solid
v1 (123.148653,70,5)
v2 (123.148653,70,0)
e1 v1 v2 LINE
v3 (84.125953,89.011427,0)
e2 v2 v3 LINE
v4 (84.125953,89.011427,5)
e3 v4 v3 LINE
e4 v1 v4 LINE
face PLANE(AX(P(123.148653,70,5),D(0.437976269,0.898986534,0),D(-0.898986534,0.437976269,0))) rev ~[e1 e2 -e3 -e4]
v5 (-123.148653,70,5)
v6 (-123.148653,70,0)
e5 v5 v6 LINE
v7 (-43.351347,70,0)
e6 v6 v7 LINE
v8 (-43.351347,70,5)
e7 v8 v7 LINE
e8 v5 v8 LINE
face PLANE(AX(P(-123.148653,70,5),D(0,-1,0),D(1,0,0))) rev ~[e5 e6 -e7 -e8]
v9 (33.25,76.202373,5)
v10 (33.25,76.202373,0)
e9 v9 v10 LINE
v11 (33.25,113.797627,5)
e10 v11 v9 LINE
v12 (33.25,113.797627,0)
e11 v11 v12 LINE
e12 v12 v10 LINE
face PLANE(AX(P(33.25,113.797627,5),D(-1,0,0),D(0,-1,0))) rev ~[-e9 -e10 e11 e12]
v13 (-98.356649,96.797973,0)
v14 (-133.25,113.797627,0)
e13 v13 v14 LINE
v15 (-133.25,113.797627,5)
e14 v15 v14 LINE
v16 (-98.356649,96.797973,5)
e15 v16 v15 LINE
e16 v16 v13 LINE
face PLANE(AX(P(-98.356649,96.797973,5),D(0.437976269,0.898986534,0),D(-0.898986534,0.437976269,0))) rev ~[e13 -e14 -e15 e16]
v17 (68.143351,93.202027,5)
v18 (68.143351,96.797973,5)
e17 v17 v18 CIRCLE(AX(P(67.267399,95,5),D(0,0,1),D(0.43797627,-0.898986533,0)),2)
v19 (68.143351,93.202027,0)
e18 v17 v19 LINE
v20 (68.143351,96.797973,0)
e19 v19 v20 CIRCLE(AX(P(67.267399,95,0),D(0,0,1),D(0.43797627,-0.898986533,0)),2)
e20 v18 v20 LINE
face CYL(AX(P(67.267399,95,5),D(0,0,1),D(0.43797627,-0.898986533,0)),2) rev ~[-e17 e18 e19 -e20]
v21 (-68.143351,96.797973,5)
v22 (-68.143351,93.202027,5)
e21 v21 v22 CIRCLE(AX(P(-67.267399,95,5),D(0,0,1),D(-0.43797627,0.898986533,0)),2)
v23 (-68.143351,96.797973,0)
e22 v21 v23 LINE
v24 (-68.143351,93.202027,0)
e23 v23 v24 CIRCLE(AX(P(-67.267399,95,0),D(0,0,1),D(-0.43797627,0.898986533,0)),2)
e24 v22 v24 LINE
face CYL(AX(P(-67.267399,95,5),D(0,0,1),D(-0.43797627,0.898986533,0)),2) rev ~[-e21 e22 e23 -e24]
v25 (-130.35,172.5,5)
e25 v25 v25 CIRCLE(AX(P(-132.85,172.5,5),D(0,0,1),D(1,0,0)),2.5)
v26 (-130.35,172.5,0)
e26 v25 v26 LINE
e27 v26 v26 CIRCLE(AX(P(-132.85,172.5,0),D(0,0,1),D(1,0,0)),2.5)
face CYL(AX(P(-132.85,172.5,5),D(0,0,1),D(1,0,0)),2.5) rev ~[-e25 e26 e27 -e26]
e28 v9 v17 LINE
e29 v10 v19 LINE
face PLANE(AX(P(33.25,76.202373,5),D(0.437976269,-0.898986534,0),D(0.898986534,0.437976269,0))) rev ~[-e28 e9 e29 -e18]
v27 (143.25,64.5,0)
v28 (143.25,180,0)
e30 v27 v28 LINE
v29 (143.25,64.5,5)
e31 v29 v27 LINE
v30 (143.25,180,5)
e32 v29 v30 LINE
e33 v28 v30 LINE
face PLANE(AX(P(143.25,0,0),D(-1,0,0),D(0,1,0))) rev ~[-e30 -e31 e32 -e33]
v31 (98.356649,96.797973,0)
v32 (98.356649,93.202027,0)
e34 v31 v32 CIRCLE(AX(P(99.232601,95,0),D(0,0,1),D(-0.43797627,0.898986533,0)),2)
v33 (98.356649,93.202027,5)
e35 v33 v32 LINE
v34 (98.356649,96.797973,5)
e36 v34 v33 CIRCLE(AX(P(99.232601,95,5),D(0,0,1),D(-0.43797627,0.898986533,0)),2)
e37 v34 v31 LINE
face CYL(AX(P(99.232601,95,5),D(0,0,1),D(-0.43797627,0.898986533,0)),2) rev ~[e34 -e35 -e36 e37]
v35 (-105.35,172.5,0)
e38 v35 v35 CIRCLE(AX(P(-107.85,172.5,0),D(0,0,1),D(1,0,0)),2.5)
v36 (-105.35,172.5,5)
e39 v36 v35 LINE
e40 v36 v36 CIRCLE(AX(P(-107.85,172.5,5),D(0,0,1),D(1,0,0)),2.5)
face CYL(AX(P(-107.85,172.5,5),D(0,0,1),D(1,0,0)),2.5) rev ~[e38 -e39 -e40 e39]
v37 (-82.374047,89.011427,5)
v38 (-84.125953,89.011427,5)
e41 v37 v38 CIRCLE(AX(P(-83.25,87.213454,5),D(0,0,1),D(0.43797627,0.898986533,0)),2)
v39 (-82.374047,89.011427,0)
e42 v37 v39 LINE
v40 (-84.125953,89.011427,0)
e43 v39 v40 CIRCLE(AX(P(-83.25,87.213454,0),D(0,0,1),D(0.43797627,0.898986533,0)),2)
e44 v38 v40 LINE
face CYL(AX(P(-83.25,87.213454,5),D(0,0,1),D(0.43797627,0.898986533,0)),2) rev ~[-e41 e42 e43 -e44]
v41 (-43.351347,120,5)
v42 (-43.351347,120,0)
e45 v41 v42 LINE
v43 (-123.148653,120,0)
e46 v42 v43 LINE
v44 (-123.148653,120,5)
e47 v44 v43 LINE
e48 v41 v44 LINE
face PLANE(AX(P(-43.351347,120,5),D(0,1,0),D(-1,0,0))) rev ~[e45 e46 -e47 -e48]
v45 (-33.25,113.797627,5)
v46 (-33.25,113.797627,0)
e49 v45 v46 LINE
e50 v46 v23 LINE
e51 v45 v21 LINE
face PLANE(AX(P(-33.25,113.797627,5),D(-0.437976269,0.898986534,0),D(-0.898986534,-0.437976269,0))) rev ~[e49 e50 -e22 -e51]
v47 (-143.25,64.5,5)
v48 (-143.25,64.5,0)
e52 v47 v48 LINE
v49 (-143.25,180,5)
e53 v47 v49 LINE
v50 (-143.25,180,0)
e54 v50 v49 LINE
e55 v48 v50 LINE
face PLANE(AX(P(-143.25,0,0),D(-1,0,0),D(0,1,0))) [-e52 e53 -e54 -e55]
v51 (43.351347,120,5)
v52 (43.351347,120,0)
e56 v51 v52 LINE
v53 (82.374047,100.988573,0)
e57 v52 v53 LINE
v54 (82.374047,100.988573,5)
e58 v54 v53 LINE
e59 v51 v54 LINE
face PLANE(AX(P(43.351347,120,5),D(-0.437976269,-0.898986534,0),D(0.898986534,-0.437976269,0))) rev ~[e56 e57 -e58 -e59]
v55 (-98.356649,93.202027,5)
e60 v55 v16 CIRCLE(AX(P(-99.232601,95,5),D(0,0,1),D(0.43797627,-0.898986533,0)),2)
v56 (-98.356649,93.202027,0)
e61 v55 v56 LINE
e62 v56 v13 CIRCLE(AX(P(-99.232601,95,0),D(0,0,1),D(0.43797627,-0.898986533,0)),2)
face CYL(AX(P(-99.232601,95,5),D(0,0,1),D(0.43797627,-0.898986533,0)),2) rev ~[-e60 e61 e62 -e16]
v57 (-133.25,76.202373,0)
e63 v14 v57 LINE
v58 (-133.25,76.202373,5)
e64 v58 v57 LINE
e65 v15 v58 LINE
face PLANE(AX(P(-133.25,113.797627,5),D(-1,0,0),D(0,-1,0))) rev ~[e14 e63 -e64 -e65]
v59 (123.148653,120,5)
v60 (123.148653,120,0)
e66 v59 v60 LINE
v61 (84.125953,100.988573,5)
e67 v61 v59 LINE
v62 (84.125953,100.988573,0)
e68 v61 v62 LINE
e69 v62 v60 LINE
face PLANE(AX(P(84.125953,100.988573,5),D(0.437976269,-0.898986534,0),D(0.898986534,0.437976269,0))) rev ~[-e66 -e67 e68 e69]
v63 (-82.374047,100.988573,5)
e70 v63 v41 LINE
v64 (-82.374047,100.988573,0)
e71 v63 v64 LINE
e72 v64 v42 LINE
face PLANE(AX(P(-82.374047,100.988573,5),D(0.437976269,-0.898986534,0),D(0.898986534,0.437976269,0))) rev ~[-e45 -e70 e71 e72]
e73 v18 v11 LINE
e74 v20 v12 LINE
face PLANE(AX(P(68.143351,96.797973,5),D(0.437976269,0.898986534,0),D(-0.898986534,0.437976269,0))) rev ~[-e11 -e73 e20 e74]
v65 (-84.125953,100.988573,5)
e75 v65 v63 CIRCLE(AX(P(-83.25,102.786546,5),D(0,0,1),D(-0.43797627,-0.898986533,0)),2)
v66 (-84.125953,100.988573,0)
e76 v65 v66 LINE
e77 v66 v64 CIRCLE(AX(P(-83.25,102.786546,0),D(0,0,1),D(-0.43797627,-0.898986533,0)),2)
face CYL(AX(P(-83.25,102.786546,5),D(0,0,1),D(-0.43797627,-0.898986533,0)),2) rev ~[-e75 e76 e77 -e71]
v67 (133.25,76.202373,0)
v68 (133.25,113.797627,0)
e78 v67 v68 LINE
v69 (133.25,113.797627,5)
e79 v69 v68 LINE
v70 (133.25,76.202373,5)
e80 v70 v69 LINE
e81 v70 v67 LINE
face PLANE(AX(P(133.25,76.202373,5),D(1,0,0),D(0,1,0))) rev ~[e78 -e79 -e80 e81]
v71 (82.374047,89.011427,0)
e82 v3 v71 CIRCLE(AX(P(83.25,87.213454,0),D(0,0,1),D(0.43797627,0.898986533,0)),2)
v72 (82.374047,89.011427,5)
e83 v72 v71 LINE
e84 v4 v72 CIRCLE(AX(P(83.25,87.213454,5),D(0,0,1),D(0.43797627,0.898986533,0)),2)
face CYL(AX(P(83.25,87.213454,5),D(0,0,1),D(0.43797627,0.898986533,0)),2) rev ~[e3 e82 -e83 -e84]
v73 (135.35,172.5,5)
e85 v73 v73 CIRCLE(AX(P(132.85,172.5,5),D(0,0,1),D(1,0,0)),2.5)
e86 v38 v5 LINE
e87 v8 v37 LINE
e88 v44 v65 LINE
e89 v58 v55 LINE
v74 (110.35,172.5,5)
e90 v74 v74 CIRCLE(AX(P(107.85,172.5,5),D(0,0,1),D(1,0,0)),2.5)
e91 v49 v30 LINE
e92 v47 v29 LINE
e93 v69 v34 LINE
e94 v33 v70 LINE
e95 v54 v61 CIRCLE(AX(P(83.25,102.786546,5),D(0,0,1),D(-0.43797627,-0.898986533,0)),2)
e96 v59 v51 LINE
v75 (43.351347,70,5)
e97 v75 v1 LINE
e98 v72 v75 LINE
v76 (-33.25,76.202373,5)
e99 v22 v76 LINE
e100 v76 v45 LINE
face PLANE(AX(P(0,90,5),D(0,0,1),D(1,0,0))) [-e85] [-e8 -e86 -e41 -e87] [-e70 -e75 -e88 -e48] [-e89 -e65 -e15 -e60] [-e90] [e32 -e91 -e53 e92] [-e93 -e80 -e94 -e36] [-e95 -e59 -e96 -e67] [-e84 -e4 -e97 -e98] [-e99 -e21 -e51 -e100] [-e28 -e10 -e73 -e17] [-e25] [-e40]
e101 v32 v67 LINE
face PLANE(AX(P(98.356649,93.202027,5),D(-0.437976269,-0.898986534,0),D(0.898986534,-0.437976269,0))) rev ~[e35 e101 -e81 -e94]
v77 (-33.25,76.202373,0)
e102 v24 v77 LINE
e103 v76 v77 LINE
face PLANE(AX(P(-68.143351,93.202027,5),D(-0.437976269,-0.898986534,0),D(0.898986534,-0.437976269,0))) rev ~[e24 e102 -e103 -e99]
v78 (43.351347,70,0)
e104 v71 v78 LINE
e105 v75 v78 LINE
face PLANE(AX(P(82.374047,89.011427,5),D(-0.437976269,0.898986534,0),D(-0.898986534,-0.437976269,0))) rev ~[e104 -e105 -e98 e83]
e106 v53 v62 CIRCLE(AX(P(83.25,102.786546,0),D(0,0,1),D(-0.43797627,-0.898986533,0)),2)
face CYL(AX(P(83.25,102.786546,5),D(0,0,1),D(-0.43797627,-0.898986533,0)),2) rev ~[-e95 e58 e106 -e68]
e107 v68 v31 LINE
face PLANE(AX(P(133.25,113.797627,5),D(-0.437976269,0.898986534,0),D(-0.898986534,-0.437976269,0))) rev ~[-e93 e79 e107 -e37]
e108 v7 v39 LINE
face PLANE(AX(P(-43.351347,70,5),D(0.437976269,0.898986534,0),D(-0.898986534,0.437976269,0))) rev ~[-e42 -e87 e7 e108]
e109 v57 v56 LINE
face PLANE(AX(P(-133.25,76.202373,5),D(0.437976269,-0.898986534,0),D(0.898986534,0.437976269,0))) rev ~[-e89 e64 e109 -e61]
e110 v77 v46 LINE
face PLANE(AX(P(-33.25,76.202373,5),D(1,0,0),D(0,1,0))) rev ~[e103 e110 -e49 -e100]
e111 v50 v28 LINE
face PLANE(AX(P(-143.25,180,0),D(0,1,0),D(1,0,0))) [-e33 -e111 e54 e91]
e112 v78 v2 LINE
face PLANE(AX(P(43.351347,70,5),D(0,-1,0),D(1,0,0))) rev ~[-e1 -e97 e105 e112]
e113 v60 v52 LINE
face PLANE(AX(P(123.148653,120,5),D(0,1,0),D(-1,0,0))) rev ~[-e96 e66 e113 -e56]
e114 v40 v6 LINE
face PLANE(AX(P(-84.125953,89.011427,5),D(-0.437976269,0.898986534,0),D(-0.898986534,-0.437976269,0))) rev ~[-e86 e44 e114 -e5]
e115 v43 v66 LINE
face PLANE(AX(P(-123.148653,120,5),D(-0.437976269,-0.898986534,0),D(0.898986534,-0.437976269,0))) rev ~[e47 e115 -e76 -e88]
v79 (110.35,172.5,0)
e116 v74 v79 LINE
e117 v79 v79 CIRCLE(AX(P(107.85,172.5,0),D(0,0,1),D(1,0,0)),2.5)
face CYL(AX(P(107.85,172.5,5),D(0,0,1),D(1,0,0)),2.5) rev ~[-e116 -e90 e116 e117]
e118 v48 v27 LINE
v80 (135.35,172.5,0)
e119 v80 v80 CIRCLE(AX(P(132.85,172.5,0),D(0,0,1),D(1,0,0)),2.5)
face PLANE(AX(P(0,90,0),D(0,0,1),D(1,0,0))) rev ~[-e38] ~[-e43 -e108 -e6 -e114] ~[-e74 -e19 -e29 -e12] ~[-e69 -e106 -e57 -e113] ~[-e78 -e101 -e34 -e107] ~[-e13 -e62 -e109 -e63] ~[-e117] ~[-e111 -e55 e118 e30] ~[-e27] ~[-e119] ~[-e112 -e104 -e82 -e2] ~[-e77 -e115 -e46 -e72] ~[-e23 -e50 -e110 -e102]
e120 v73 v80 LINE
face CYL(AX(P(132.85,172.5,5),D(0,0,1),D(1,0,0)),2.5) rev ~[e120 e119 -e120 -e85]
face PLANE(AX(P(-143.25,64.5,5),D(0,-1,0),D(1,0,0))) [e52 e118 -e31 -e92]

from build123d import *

# Parameters (mm, degrees)
SKETCH6_W           = 286.5
SKETCH6_H           = 180
BOSS_EXTRUDE3_DEPTH = 5
SKETCH7_R           = 2.5
CUT_EXTRUDE1_DEPTH  = 13
SKETCH8_W           = 286.5
SKETCH8_H           = 64.5
CUT_EXTRUDE2_DEPTH  = 6


with BuildPart() as part:
    # Sketch6 → Boss-Extrude3 (new body)
    with BuildSketch(Plane.XY):
        with Locations((0, 90)):
            Rectangle(SKETCH6_W, SKETCH6_H)
    extrude(amount=BOSS_EXTRUDE3_DEPTH)

    # Sketch7 → Cut-Extrude1 (cut)
    with BuildSketch(Plane.XY.offset(5)):
        with Locations((-132.85, 172.5)):
            Circle(SKETCH7_R)
        with Locations((-107.85, 172.5)):
            Circle(SKETCH7_R)
        with BuildLine():
            Line((-82.374047462, 100.988572935), (-43.351346631, 120))
            Line((-43.351346631, 120), (-123.148653369, 120))
            Line((-123.148653369, 120), (-84.125952538, 100.988572935))
            ThreePointArc((-84.125952538, 100.988572935), (-83.25, 100.786546002), (-82.374047462, 100.988572935))
        make_face()
        with BuildLine():
            Line((-133.25, 113.797626904), (-133.25, 76.202373096))
            Line((-133.25, 76.202373096), (-98.356648563, 93.202026933))
            ThreePointArc((-98.356648563, 93.202026933), (-97.232601102, 95), (-98.356648563, 96.797973067))
            Line((-98.356648563, 96.797973067), (-133.25, 113.797626904))
        make_face()
        with BuildLine():
            Line((-68.143351437, 93.202026933), (-33.25, 76.202373096))
            Line((-33.25, 76.202373096), (-33.25, 113.797626904))
            Line((-33.25, 113.797626904), (-68.143351437, 96.797973067))
            ThreePointArc((-68.143351437, 96.797973067), (-69.267398898, 95), (-68.143351437, 93.202026933))
        make_face()
        with BuildLine():
            Line((-43.351346631, 70), (-82.374047462, 89.011427065))
            ThreePointArc((-82.374047462, 89.011427065), (-83.25, 89.213453998), (-84.125952538, 89.011427065))
            Line((-84.125952538, 89.011427065), (-123.148653369, 70))
            Line((-123.148653369, 70), (-43.351346631, 70))
        make_face()
        with BuildLine():
            Line((-43.351346631, 60), (-123.148653369, 60))
            Line((-123.148653369, 60), (-84.125952538, 40.988572935))
            ThreePointArc((-84.125952538, 40.988572935), (-83.25, 40.786546002), (-82.374047462, 40.988572935))
            Line((-82.374047462, 40.988572935), (-43.351346631, 60))
        make_face()
        with BuildLine():
            Line((-98.356648563, 36.797973067), (-133.25, 53.797626904))
            Line((-133.25, 53.797626904), (-133.25, 16.202373096))
            Line((-133.25, 16.202373096), (-98.356648563, 33.202026933))
            ThreePointArc((-98.356648563, 33.202026933), (-97.232601102, 35), (-98.356648563, 36.797973067))
        make_face()
        with BuildLine():
            Line((-33.25, 16.202373096), (-33.25, 53.797626904))
            Line((-33.25, 53.797626904), (-68.143351437, 36.797973067))
            ThreePointArc((-68.143351437, 36.797973067), (-69.267398898, 35), (-68.143351437, 33.202026933))
            Line((-68.143351437, 33.202026933), (-33.25, 16.202373096))
        make_face()
        with BuildLine():
            Line((-84.125952538, 29.011427065), (-123.148653369, 10))
            Line((-123.148653369, 10), (-43.351346631, 10))
            Line((-43.351346631, 10), (-82.374047462, 29.011427065))
            ThreePointArc((-82.374047462, 29.011427065), (-83.25, 29.213453998), (-84.125952538, 29.011427065))
        make_face()
        with BuildLine():
            Line((84.125952538, 100.988572935), (123.148653369, 120))
            Line((123.148653369, 120), (43.351346631, 120))
            Line((43.351346631, 120), (82.374047462, 100.988572935))
            ThreePointArc((82.374047462, 100.988572935), (83.25, 100.786546002), (84.125952538, 100.988572935))
        make_face()
        with BuildLine():
            Line((33.25, 113.797626904), (33.25, 76.202373096))
            Line((33.25, 76.202373096), (68.143351437, 93.202026933))
            ThreePointArc((68.143351437, 93.202026933), (69.267398898, 95), (68.143351437, 96.797973067))
            Line((68.143351437, 96.797973067), (33.25, 113.797626904))
        make_face()
        with BuildLine():
            Line((98.356648563, 93.202026933), (133.25, 76.202373096))
            Line((133.25, 76.202373096), (133.25, 113.797626904))
            Line((133.25, 113.797626904), (98.356648563, 96.797973067))
            ThreePointArc((98.356648563, 96.797973067), (97.232601102, 95), (98.356648563, 93.202026933))
        make_face()
        with BuildLine():
            Line((43.351346631, 70), (123.148653369, 70))
            Line((123.148653369, 70), (84.125952538, 89.011427065))
            ThreePointArc((84.125952538, 89.011427065), (83.25, 89.213453998), (82.374047462, 89.011427065))
            Line((82.374047462, 89.011427065), (43.351346631, 70))
        make_face()
        with BuildLine():
            Line((43.351346631, 60), (82.374047462, 40.988572935))
            ThreePointArc((82.374047462, 40.988572935), (83.25, 40.786546002), (84.125952538, 40.988572935))
            Line((84.125952538, 40.988572935), (123.148653369, 60))
            Line((123.148653369, 60), (43.351346631, 60))
        make_face()
        with BuildLine():
            Line((68.143351437, 36.797973067), (33.25, 53.797626904))
            Line((33.25, 53.797626904), (33.25, 16.202373096))
            Line((33.25, 16.202373096), (68.143351437, 33.202026933))
            ThreePointArc((68.143351437, 33.202026933), (69.267398898, 35), (68.143351437, 36.797973067))
        make_face()
        with BuildLine():
            Line((133.25, 16.202373096), (133.25, 53.797626904))
            Line((133.25, 53.797626904), (98.356648563, 36.797973067))
            ThreePointArc((98.356648563, 36.797973067), (97.232601102, 35), (98.356648563, 33.202026933))
            Line((98.356648563, 33.202026933), (133.25, 16.202373096))
        make_face()
        with BuildLine():
            Line((82.374047462, 29.011427065), (43.351346631, 10))
            Line((43.351346631, 10), (123.148653369, 10))
            Line((123.148653369, 10), (84.125952538, 29.011427065))
            ThreePointArc((84.125952538, 29.011427065), (83.25, 29.213453998), (82.374047462, 29.011427065))
        make_face()
        with Locations((107.85, 172.5)):
            Circle(SKETCH7_R)
        with Locations((132.85, 172.5)):
            Circle(SKETCH7_R)
    extrude(amount=-CUT_EXTRUDE1_DEPTH, mode=Mode.SUBTRACT)

    # Sketch8 → Cut-Extrude2 (cut, through all)
    with BuildSketch(Plane.XY.offset(5)):
        with Locations((0, 32.25)):
            Rectangle(SKETCH8_W, SKETCH8_H)
    extrude(amount=-CUT_EXTRUDE2_DEPTH, mode=Mode.SUBTRACT)


solid = part.part
